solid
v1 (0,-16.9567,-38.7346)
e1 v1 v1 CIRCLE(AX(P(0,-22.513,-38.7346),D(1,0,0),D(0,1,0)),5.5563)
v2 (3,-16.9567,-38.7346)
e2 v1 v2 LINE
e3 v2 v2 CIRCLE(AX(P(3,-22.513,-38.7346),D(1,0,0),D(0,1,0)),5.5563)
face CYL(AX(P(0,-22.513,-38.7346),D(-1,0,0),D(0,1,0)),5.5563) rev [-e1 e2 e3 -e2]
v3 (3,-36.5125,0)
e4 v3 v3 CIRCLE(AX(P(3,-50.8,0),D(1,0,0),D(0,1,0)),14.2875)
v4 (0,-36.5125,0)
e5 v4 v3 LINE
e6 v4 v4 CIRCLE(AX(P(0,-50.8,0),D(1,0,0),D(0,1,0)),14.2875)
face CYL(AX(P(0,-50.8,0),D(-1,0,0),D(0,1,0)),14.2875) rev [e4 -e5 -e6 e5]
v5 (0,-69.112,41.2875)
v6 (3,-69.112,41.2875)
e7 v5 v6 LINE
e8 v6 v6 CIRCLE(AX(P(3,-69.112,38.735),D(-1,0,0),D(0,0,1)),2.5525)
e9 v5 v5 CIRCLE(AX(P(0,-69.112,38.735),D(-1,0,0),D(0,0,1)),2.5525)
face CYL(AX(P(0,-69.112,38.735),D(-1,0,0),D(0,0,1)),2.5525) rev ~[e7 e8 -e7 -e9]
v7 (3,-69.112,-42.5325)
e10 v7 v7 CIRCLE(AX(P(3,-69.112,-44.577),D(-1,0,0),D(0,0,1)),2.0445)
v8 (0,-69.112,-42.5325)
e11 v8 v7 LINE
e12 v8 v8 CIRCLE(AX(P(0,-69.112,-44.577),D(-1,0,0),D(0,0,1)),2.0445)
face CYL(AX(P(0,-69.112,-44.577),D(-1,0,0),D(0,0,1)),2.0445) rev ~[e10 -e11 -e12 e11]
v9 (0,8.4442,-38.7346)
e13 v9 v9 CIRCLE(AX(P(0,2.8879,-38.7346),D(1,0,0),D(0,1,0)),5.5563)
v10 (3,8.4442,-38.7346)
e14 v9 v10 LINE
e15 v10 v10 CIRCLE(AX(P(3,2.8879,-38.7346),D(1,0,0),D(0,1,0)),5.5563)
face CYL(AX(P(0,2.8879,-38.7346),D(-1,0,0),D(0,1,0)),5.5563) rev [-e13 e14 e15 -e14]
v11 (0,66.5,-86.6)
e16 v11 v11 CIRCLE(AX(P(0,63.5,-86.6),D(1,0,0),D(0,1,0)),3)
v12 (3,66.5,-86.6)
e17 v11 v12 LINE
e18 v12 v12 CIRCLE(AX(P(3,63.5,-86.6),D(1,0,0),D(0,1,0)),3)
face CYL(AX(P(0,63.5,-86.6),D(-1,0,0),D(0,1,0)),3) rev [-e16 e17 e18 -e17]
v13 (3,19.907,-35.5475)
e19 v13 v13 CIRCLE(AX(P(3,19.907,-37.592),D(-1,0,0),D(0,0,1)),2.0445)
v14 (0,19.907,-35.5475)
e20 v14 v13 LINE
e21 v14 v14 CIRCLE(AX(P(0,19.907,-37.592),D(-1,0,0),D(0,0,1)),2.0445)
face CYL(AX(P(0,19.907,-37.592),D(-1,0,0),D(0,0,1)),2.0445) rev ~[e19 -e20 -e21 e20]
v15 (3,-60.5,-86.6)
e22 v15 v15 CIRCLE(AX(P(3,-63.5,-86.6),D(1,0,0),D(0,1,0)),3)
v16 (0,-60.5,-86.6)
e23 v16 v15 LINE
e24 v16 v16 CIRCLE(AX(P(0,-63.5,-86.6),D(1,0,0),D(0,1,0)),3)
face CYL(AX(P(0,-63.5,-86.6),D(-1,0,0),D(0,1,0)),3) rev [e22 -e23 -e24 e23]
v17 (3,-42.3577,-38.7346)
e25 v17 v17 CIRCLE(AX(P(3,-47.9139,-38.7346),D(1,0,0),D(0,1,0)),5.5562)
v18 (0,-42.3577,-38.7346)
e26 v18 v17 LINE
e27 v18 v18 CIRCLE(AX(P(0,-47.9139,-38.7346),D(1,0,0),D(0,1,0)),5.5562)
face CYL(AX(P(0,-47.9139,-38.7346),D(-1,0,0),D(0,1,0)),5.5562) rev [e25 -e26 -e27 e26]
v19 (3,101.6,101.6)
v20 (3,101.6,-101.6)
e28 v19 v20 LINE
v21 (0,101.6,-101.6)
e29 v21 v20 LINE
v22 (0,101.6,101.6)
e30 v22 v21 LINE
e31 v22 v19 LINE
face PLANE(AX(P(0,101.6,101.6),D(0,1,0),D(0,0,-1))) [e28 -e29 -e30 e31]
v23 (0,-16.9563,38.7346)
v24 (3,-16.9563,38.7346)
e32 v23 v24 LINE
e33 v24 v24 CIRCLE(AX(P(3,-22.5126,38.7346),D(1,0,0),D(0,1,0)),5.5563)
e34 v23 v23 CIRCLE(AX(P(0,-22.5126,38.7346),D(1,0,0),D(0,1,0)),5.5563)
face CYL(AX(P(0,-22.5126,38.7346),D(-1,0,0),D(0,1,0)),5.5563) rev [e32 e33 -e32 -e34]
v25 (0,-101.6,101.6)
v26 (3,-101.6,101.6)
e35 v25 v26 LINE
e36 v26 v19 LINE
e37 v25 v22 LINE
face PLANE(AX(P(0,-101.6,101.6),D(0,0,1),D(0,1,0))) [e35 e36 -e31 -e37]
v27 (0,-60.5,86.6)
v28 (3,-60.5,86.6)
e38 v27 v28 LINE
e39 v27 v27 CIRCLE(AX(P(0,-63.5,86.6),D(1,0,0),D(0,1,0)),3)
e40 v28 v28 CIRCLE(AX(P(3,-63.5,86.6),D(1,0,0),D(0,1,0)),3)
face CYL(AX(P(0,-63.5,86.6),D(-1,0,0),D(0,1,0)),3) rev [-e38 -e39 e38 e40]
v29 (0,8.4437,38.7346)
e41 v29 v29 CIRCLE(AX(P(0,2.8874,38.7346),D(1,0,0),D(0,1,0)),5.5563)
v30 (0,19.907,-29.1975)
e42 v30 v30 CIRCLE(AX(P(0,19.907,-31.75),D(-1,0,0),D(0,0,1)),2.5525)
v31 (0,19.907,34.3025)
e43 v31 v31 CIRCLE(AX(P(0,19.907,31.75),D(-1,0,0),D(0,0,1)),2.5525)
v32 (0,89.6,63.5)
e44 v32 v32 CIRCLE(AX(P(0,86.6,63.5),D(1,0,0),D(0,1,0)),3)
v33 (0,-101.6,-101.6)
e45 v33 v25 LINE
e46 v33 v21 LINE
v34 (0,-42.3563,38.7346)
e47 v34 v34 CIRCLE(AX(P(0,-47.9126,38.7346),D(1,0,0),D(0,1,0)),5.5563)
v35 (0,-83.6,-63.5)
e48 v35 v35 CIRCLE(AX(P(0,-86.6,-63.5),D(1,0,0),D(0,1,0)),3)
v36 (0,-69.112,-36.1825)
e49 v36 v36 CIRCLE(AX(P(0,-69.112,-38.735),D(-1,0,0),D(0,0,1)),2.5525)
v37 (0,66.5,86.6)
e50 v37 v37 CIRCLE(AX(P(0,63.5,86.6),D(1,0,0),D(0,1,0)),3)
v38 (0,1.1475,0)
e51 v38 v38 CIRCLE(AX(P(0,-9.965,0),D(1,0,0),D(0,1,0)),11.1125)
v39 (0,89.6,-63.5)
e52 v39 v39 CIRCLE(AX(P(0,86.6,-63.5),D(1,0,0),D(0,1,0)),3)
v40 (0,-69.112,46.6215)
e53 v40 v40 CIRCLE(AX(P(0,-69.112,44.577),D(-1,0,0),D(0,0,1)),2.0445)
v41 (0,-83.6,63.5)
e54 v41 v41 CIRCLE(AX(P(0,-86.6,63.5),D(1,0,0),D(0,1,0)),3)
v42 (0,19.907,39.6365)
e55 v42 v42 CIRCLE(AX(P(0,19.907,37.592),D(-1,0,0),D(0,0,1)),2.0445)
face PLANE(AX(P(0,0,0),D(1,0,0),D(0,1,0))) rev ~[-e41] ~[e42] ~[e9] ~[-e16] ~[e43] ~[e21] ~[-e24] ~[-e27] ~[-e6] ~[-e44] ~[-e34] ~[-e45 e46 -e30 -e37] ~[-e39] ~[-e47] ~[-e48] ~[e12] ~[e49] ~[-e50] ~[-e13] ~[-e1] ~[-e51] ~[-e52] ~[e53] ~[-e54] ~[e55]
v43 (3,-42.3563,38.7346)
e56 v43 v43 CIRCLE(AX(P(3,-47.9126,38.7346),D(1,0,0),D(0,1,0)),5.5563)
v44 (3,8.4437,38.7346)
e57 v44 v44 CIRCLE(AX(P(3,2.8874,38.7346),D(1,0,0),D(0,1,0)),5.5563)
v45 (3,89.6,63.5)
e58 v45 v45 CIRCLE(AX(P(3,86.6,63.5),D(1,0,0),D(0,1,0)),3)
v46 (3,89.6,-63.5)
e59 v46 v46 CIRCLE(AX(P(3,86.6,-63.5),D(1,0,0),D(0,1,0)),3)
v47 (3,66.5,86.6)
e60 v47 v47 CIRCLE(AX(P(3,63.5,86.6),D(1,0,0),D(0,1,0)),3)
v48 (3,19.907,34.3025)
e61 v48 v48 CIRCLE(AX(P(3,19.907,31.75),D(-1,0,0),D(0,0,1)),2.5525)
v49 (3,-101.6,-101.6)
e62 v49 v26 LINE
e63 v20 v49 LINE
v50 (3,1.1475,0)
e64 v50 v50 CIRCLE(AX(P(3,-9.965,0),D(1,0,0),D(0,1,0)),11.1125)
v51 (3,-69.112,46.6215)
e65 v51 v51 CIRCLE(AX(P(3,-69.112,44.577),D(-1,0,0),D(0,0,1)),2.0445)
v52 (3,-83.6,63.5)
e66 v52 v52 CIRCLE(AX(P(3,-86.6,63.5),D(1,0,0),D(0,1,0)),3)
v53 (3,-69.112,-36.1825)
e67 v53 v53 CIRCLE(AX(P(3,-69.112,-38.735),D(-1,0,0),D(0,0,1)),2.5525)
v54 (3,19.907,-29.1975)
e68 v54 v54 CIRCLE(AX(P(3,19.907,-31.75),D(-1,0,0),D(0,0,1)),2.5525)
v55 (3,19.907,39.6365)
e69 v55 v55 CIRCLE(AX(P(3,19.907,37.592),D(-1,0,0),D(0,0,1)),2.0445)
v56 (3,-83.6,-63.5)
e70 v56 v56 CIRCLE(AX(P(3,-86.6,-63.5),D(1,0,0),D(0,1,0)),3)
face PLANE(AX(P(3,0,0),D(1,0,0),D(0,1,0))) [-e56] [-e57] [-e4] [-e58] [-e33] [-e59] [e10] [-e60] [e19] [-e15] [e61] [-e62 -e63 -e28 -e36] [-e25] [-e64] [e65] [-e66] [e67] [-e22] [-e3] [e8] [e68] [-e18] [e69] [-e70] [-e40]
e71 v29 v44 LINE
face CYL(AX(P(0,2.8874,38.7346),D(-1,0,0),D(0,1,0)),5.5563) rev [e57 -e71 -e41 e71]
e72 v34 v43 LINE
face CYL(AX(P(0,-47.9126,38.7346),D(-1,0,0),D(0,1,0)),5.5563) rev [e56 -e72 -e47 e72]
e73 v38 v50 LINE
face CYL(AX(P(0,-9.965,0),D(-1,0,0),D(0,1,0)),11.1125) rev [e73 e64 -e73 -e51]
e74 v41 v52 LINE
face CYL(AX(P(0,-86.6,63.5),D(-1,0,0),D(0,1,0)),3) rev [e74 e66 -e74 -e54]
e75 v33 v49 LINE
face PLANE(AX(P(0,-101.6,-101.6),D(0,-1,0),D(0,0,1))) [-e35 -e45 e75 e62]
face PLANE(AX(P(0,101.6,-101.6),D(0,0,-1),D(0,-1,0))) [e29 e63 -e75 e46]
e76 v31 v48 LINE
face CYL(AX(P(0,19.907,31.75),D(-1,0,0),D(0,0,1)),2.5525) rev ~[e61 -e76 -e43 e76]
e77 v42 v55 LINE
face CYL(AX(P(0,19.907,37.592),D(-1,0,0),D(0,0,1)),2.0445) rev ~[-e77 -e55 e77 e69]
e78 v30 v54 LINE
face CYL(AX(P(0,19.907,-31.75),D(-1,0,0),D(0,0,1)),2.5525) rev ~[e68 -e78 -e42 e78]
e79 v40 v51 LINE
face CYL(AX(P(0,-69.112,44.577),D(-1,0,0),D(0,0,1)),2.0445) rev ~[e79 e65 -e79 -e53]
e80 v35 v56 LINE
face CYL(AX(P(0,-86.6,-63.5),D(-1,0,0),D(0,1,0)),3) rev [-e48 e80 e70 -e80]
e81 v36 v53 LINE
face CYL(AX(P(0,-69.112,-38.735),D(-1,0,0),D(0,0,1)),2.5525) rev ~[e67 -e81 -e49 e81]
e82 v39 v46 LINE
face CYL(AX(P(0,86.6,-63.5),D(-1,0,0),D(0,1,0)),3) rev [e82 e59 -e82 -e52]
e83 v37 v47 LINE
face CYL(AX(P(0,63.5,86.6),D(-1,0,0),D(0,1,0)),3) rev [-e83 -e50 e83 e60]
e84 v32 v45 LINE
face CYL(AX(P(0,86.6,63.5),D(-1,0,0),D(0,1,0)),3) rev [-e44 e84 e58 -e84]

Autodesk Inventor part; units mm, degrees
ref_plane "YZ Plane" through (0, 0, 0) normal (1, 0, 0) x (0, 1, 0)
ref_plane "XZ Plane" through (0, 0, 0) normal (0, 1, 0) x (-1, 0, 0)
sketch "Sketch1" plane through (0, 0, 0) normal (1, 0, 0) x (0, 1, 0)
  line L0 (101.6, 101.6) -> (101.6, -101.6)
  line L1 (101.6, -101.6) -> (-101.6, -101.6)
  line L2 (-101.6, -101.6) -> (-101.6, 101.6)
  line L3 (-101.6, 101.6) -> (101.6, 101.6)
  line L4 (-101.6, -101.6) -> (0, -101.6)
  circle A0 centre (63.5, 86.6) radius 3
  circle A1 centre (86.6, 63.5) radius 3
  circle A2 centre (63.5, -86.6) radius 3
  circle A3 centre (86.6, -63.5) radius 3
  circle A4 centre (-63.5, 86.6) radius 3
  circle A5 centre (-86.6, 63.5) radius 3
  circle A6 centre (-63.5, -86.6) radius 3
  circle A7 centre (-86.6, -63.5) radius 3
  circle A8 centre (-50.8, 0) radius 14.2875
  circle A9 centre (-9.965, 0) radius 11.1125
  circle A10 centre (-22.513, -38.7346) radius 5.5563
  circle A11 centre (-22.5126, 38.7346) radius 5.5563
  circle A12 centre (-47.9139, -38.7346) radius 5.5562
  circle A13 centre (2.8879, -38.7346) radius 5.5563
  circle A14 centre (2.8874, 38.7346) radius 5.5563
  circle A15 centre (-47.9126, 38.7346) radius 5.5563
  point P0 (0, 0)
  dimension "d28" = 28.575
  dimension "d30" = 22.225
  dimension "d39" = 6
  dimension "d42" = 38.1
  dimension "d43" = 38.1
  dimension "d44" = 38.1
  dimension "d45" = 38.1
  dimension "d46" = 15
  dimension "d47" = 38.1
  dimension "d49" = 15
  dimension "d50" = 15
  dimension "d51" = 15
  dimension "d52" = 38.1
  dimension "d53" = 15
  dimension "d57" = 101.6
  dimension "d58" = 50.8
  dimension "d60" = 40.835
  dimension "d61" = 203.2
  dimension "d62" = 203.2
  dimension "d63" = 101.6
  dimension "d64" = 101.6
  dimension "d65" = 91.635
  dimension "d66" = 38.1
  dimension "d67" = 38.1
  dimension "d68" = 15
  dimension "d69" = 15
  dimension "d70" = 15
  dimension "d71" = 101.6
  dimension "d72" = 101.6
  dimension "d91" = 11.1125
  dimension "d99" = 53.6861
  dimension "d100" = 25.4009
  dimension "d101" = 25.4009
ref_plane "Work Plane1" through (0, 0, 0) normal (1, 0, 0) x (0, 0, -1)
extrude "Extrusion4" add sketch "Sketch1" along normal blind 3
sketch "Sketch3" plane through (0, 0, 0) normal (-1, 0, 0) x (0, 0, 1)
  circle A0 centre (0, -50.8) radius 14.2875 projected
  circle A1 centre (0, -9.965) radius 11.1125 projected
  line L0 (101.6, -101.6) -> (-101.6, -101.6) projected
  line L1 (0, -50.8) -> (38.735, -50.8) construction
  line L2 (38.735, -50.8) -> (38.735, -69.112) construction
  circle A2 centre (38.735, -69.112) radius 2.5525
  line L3 (38.735, -69.112) -> (44.577, -69.112) construction
  circle A3 centre (44.577, -69.112) radius 2.0445
  line L4 (44.577, -69.112) -> (-44.577, -69.112) construction
  circle A4 centre (-44.577, -69.112) radius 2.0445
  line L5 (-44.577, -69.112) -> (-38.735, -69.112) construction
  circle A5 centre (-38.735, -69.112) radius 2.5525
  line L6 (0, -9.965) -> (37.592, -9.965) construction
  line L7 (37.592, -9.965) -> (37.592, 19.907) construction
  circle A6 centre (37.592, 19.907) radius 2.0445
  line L8 (37.592, 19.907) -> (31.75, 19.907) construction
  circle A7 centre (31.75, 19.907) radius 2.5525
  line L9 (37.592, 19.907) -> (-37.592, 19.907) construction
  circle A8 centre (-37.592, 19.907) radius 2.0445
  line L10 (-37.592, 19.907) -> (-31.75, 19.907) construction
  circle A9 centre (-31.75, 19.907) radius 2.5525
  point P0 (0, 0)
  dimension "d104" = 38.735
  dimension "d105" = 18.312
  dimension "d106" = 5.105
  dimension "d107" = 5.842
  dimension "d108" = 4.089
  dimension "d109" = 89.154
  dimension "d110" = 4.089
  dimension "d111" = 5.842
  dimension "d112" = 5.105
  dimension "d113" = 37.592
  dimension "d114" = 29.872
  dimension "d115" = 4.089
  dimension "d116" = 5.842
  dimension "d117" = 5.105
  dimension "d118" = 75.184
  dimension "d119" = 5.842
  dimension "d120" = 4.089
  dimension "d121" = 5.105
extrude "Extrusion5" cut sketch "Sketch3" against normal blind 10 contours A2 | A3 | A4 | A5 | A6 | A7 | A8 | A9
equation "\"d43\" = d42"
equation "\"d44\" = d43"
equation "\"d45\" = d42"
equation "\"d47\" = d44"
equation "\"d49\" = d46"
equation "\"d50\" = d46"
equation "\"d51\" = d50"
equation "\"d52\" = d42"
equation "\"d53\" = d51"
equation "\"d57\" = 0.5 * d62"
equation "\"d61\" = d62"
equation "\"d63\" = d57"
equation "\"d64\" = d63"
equation "\"d66\" = d43"
equation "\"d67\" = d47"
equation "\"d68\" = d50"
equation "\"d69\" = d68"
equation "\"d70\" = d53"
properties part number "Custom GearBox Mount"
